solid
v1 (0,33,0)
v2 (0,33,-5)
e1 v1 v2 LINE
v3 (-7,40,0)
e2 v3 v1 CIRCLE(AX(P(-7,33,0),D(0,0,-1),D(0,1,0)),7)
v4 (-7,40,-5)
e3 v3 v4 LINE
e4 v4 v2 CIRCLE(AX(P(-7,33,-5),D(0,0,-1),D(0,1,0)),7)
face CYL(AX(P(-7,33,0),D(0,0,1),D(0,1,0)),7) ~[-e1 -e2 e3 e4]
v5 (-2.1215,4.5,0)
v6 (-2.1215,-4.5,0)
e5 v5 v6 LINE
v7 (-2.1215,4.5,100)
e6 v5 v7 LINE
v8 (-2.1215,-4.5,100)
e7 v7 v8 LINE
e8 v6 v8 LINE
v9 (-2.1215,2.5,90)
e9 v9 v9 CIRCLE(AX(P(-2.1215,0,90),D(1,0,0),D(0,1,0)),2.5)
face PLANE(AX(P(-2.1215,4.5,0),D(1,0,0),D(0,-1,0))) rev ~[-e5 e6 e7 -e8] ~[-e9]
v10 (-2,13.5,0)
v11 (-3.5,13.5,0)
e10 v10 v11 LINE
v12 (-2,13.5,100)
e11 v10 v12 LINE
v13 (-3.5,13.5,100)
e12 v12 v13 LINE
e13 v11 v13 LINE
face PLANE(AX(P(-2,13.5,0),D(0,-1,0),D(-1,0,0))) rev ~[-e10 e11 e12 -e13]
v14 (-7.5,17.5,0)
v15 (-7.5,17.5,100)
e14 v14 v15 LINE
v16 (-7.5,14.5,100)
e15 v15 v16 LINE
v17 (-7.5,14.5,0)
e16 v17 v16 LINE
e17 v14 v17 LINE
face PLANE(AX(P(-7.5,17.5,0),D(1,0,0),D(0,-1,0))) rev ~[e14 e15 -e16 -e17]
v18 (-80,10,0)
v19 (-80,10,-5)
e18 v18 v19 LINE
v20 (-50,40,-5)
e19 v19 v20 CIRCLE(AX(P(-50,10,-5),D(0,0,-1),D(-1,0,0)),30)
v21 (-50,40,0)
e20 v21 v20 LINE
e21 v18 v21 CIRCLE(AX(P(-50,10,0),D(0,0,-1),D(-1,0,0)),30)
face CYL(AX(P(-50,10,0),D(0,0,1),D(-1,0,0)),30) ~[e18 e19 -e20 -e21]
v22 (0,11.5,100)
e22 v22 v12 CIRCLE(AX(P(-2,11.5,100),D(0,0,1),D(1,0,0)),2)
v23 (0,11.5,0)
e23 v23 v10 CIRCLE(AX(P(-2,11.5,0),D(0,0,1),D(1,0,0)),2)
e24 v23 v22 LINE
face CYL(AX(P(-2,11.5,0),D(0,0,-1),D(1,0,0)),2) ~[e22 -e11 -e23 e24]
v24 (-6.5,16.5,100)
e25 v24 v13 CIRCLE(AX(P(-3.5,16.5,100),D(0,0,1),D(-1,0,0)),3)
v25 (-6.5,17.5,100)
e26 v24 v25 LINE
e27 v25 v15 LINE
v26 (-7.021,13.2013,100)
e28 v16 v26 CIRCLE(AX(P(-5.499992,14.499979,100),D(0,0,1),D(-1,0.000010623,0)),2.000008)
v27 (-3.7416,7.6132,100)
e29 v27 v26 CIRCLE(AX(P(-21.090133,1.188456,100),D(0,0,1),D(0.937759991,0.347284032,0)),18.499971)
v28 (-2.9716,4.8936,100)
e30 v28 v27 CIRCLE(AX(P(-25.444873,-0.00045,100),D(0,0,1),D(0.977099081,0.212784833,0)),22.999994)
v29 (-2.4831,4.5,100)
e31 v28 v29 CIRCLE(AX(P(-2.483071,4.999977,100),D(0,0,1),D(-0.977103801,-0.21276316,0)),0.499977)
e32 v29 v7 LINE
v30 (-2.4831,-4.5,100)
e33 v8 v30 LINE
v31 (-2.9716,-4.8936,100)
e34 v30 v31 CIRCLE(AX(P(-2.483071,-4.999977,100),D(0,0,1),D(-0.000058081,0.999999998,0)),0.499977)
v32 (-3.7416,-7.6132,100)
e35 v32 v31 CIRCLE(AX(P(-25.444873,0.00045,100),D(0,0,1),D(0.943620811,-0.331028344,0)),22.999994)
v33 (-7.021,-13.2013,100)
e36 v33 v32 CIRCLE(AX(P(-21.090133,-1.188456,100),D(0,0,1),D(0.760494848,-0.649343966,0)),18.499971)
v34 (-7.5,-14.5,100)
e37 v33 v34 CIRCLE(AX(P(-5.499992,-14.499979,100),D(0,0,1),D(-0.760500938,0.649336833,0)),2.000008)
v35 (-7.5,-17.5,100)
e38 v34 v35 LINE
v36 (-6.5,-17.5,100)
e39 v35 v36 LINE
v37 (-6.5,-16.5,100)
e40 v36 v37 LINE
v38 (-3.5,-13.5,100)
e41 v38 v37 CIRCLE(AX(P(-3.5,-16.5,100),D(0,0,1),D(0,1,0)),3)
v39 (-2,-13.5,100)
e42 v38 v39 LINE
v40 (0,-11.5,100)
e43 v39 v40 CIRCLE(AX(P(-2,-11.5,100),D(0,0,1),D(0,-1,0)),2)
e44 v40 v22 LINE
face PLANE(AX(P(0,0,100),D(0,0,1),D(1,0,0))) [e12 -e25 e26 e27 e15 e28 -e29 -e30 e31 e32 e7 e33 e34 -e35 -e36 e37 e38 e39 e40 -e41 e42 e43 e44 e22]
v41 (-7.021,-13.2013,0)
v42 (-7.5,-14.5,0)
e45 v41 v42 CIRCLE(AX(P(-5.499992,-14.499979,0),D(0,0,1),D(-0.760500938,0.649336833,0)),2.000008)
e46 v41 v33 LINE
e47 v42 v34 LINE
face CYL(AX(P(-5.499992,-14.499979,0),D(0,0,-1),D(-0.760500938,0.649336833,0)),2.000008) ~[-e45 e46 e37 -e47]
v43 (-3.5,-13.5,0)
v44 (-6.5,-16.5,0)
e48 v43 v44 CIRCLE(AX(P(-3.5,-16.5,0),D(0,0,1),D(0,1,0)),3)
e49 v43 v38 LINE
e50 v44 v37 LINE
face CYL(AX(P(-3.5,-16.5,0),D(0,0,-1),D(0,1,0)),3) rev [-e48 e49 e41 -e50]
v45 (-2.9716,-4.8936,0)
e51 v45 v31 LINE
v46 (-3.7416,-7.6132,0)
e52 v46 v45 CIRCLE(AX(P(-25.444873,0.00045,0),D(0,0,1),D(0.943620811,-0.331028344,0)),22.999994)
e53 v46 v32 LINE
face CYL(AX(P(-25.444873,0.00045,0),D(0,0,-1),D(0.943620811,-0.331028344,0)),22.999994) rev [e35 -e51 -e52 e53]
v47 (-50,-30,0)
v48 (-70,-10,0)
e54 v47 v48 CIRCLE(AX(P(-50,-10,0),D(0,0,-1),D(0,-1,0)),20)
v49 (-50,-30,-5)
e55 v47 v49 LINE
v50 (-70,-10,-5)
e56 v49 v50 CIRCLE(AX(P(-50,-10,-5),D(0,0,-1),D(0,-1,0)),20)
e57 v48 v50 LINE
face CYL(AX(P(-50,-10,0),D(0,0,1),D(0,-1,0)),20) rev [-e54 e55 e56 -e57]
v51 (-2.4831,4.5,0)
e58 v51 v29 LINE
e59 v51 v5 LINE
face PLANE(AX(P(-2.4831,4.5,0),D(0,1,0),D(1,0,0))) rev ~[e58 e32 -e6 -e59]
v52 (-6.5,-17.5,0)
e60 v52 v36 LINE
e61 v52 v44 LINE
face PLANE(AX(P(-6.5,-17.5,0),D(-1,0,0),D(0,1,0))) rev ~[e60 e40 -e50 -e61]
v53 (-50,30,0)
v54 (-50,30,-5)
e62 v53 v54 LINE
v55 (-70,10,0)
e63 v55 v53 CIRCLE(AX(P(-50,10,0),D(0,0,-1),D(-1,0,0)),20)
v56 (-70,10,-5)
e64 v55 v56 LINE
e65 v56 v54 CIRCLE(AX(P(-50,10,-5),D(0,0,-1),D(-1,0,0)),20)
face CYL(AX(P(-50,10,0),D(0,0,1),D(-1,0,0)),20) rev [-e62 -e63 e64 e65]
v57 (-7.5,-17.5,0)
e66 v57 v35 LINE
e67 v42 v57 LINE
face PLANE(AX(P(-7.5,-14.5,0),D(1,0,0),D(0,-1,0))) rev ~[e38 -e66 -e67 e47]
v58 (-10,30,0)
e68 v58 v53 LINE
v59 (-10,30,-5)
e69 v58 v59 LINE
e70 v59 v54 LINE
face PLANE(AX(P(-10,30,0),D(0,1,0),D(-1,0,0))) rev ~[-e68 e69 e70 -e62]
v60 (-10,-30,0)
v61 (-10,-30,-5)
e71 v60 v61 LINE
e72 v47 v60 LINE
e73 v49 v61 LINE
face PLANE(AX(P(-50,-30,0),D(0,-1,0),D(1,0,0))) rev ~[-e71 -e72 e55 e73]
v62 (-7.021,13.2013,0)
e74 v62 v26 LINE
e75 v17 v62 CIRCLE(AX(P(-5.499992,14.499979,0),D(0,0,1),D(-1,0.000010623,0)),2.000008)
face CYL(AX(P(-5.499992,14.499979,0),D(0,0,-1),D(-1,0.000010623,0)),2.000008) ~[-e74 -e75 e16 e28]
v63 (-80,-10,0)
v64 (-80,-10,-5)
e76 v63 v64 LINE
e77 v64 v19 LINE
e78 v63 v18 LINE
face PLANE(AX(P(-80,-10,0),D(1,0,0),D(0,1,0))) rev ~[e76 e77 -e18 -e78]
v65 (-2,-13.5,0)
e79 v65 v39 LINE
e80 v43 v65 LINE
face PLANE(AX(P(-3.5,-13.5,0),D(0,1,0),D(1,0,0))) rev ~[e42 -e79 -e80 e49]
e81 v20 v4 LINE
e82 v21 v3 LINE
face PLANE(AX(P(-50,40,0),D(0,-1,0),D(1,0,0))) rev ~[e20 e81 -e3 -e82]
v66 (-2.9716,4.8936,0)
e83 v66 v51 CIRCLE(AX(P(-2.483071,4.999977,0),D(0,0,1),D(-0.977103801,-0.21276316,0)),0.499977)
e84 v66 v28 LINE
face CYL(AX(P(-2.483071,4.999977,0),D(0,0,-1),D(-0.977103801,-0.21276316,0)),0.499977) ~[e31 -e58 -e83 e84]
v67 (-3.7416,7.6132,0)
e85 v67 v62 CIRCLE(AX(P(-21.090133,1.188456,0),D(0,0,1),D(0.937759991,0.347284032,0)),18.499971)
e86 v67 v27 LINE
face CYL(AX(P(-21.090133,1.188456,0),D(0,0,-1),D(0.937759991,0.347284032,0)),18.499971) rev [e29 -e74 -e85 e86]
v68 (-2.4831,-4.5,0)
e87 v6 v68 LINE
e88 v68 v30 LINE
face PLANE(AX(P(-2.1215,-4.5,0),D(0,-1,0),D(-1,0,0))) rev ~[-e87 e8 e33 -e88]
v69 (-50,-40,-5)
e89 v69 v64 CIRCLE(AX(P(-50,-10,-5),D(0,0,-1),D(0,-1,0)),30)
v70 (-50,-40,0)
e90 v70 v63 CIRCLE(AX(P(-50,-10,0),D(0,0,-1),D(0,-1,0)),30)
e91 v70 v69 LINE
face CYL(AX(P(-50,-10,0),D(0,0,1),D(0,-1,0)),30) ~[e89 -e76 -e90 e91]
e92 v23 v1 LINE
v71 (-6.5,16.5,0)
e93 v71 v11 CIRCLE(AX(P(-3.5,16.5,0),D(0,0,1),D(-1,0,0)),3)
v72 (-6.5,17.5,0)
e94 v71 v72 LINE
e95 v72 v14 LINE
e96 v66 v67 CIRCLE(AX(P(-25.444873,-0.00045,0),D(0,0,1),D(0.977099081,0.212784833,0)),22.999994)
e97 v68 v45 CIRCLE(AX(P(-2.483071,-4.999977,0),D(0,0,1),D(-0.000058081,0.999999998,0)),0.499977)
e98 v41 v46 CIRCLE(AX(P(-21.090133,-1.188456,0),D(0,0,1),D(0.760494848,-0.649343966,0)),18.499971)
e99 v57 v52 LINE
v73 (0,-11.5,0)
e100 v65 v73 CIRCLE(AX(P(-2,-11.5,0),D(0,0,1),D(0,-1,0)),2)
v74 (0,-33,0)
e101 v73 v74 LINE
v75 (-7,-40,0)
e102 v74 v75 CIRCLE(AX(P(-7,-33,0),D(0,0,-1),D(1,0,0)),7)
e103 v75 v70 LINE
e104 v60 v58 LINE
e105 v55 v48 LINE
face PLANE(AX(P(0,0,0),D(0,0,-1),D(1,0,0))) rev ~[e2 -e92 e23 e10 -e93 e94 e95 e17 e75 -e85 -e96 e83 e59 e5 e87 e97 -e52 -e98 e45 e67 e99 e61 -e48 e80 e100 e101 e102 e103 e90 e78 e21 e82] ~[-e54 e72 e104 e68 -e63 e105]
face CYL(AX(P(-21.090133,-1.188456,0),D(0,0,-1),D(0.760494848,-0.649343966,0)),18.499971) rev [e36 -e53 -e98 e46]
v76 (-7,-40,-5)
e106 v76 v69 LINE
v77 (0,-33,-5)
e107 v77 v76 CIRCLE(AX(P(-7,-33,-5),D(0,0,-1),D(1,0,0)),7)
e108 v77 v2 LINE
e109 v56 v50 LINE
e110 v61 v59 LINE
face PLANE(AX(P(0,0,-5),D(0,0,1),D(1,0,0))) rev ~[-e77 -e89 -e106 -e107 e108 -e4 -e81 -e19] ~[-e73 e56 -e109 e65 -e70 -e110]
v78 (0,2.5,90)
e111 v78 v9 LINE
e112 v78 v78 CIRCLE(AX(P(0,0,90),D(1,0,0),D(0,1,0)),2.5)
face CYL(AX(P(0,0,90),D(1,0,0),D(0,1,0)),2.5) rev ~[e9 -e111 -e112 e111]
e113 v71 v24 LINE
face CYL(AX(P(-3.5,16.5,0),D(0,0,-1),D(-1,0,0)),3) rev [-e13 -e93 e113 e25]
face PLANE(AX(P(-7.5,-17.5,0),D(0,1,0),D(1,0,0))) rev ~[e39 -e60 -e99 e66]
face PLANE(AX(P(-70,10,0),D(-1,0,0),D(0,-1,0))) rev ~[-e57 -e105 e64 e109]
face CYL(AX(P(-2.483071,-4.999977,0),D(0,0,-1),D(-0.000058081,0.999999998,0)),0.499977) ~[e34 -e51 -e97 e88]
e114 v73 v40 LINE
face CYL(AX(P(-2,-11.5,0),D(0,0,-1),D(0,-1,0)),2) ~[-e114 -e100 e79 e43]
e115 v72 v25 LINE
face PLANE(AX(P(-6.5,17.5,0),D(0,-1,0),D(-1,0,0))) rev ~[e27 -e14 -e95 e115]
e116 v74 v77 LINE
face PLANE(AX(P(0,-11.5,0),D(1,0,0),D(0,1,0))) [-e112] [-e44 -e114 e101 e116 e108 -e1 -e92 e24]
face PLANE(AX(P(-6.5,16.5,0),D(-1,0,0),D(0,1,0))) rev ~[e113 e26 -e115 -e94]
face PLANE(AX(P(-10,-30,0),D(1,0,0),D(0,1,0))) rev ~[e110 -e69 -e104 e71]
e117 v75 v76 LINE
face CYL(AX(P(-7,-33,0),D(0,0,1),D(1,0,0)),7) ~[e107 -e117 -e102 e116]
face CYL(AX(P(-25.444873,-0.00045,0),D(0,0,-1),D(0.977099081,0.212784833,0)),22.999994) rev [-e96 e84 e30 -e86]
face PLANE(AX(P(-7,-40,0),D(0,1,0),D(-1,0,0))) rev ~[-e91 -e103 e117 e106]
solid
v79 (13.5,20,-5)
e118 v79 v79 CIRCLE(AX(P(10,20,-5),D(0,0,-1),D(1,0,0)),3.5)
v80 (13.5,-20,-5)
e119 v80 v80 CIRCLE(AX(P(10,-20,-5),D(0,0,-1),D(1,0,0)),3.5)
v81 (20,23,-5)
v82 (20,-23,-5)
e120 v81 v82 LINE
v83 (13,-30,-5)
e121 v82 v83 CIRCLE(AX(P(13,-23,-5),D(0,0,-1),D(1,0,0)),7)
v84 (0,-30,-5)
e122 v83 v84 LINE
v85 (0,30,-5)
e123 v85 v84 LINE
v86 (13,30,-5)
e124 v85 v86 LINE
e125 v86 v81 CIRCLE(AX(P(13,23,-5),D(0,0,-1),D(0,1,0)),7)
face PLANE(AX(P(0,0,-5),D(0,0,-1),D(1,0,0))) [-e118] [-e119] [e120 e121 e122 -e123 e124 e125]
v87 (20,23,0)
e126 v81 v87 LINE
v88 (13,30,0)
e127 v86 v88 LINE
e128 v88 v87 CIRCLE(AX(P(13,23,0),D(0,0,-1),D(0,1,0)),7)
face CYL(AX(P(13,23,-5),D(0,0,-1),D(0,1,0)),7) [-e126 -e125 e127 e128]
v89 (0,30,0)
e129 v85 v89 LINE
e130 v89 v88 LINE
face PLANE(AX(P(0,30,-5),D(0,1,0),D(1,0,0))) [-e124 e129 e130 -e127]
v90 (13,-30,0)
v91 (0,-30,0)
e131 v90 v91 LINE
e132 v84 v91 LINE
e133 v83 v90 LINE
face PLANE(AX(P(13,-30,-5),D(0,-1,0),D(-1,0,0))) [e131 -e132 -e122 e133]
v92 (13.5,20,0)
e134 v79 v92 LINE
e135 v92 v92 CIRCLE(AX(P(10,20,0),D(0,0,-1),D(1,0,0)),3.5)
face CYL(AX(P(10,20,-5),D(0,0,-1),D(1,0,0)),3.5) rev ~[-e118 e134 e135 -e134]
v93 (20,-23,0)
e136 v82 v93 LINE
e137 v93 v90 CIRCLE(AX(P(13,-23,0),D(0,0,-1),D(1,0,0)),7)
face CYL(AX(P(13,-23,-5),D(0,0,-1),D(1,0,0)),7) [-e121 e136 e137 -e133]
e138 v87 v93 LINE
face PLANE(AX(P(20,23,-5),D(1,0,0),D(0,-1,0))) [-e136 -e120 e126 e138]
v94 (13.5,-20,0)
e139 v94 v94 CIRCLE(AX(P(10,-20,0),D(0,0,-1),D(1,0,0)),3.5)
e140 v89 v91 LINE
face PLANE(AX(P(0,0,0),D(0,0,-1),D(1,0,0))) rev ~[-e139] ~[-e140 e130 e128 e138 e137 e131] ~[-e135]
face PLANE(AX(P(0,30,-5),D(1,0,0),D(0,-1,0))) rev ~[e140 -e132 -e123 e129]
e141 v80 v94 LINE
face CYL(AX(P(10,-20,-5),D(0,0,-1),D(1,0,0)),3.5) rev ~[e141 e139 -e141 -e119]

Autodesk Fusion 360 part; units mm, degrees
sketch "Sketch1" plane through (0, 0, 0) normal (0, 0, 1) x (1, 0, 0)
  line L0 (0, -11.5) -> (0, 11.5)
  line L1 (-6.5, 17.5) -> (-7.5, 17.5)
  arc A0 (-2.9716, 4.8936) -> (-2.4831, 4.5) centre (-2.4831, 5) ccw
  arc A1 (-7.5, 14.5) -> (-7.021, 13.2013) centre (-5.5, 14.5) ccw
  line L2 (-7.5, -14.5) -> (-7.5, -17.5)
  arc A2 (-6.5, 16.5) -> (-3.5, 13.5) centre (-3.5, 16.5) ccw
  arc A3 (-3.7416, -7.6132) -> (-3.6837, -7.4547) centre (-21.0901, -1.1884) ccw
  arc A4 (-3.7416, 7.6132) -> (-3.8046, 7.7905) centre (-25.445, 0) ccw
  line L3 (-3.6837, -7.4547) -> (-3.8046, -7.7905)
  arc A5 (-3.7416, 7.6132) -> (-7.021, 13.2013) centre (-21.0901, 1.1884) ccw
  arc A6 (-3.7416, -7.6132) -> (-2.9716, -4.8936) centre (-25.445, 0) ccw
  arc A7 (-2, -13.5) -> (0, -11.5) centre (-2, -11.5) ccw
  line L4 (-7.5, -17.5) -> (-6.5, -17.5)
  line L5 (-2.1215, -4.5) -> (-2.4831, -4.5)
  arc A8 (0, 11.5) -> (-2, 13.5) centre (-2, 11.5) ccw
  arc A9 (-3.5, -13.5) -> (-6.5, -16.5) centre (-3.5, -16.5) ccw
  line L6 (-3.5, -13.5) -> (-2, -13.5)
  line L7 (-2, 13.5) -> (-3.5, 13.5)
  line L8 (-7.5, 17.5) -> (-7.5, 14.5)
  line L9 (-6.5, -17.5) -> (-6.5, -16.5)
  line L10 (-2.4831, 4.5) -> (-2.1215, 4.5)
  arc A10 (-7.021, -13.2013) -> (-3.7416, -7.6132) centre (-21.0901, -1.1884) ccw
  arc A11 (-7.021, -13.2013) -> (-7.5, -14.5) centre (-5.5, -14.5) ccw
  line L11 (-3.8046, 7.7905) -> (-3.6837, 7.4547)
  line L12 (-6.5, 16.5) -> (-6.5, 17.5)
  arc A12 (-3.8046, -7.7905) -> (-3.7416, -7.6132) centre (-25.445, 0) ccw
  arc A13 (-3.6837, 7.4547) -> (-3.7416, 7.6132) centre (-21.0901, 1.1884) ccw
  line L13 (-2.1215, 4.5) -> (-2.1215, -4.5)
  arc A14 (-2.9716, 4.8936) -> (-3.7416, 7.6132) centre (-25.445, 0) ccw
  arc A15 (-2.4831, -4.5) -> (-2.9716, -4.8936) centre (-2.4831, -5) ccw
extrude "Extrude1" add sketch "Sketch1" along normal blind 100 makes body 1
sketch "Sketch3" plane through (0, 0, 0) normal (0, 0, -1) x (1, 0, 0)
  line L0 (-6.5, -17.5) -> (-6.5, -16.5)
  arc A0 (-3.5, -13.5) -> (-6.5, -16.5) centre (-3.5, -16.5) ccw
  line L1 (-3.5, -13.5) -> (-2, -13.5)
  arc A1 (-2, -13.5) -> (0, -11.5) centre (-2, -11.5) ccw
  line L2 (0, -11.5) -> (0, 11.5)
  arc A2 (0, 11.5) -> (-2, 13.5) centre (-2, 11.5) ccw
  line L3 (-2, 13.5) -> (-3.5, 13.5)
  arc A3 (-6.5, 16.5) -> (-3.5, 13.5) centre (-3.5, 16.5) ccw
  line L4 (-6.5, 16.5) -> (-6.5, 17.5)
  line L5 (-6.5, 17.5) -> (-7.5, 17.5)
  line L6 (-7.5, 17.5) -> (-7.5, 14.5)
  arc A4 (-7.5, 14.5) -> (-7.021, 13.2013) centre (-5.5, 14.5) ccw
  arc A5 (-3.7416, 7.6132) -> (-7.021, 13.2013) centre (-21.0901, 1.1884) ccw
  arc A6 (-3.7416, 7.6132) -> (-3.8046, 7.7905) centre (-25.445, 0) ccw
  line L7 (-3.8046, 7.7905) -> (-3.6837, 7.4547)
  arc A7 (-3.6837, 7.4547) -> (-3.7416, 7.6132) centre (-21.0901, 1.1884) ccw
  arc A8 (-2.9716, 4.8936) -> (-3.7416, 7.6132) centre (-25.445, 0) ccw
  arc A9 (-2.9716, 4.8936) -> (-2.4831, 4.5) centre (-2.4831, 5) ccw
  line L8 (-2.4831, 4.5) -> (-2.1215, 4.5)
  line L9 (-2.1215, 4.5) -> (-2.1215, -4.5)
  line L10 (-2.1215, -4.5) -> (-2.4831, -4.5)
  arc A10 (-2.4831, -4.5) -> (-2.9716, -4.8936) centre (-2.4831, -5) ccw
  arc A11 (-3.7416, -7.6132) -> (-2.9716, -4.8936) centre (-25.445, 0) ccw
  arc A12 (-3.7416, -7.6132) -> (-3.6837, -7.4547) centre (-21.0901, -1.1884) ccw
  line L11 (-3.6837, -7.4547) -> (-3.8046, -7.7905)
  arc A13 (-3.8046, -7.7905) -> (-3.7416, -7.6132) centre (-25.445, 0) ccw
  arc A14 (-7.021, -13.2013) -> (-3.7416, -7.6132) centre (-21.0901, -1.1884) ccw
  arc A15 (-7.021, -13.2013) -> (-7.5, -14.5) centre (-5.5, -14.5) ccw
  line L12 (-7.5, -14.5) -> (-7.5, -17.5)
  line L13 (-7.5, -17.5) -> (-6.5, -17.5)
  line L14 (-7, 40) -> (-50, 40)
  line L15 (-80, 10) -> (-80, -10)
  line L16 (-50, -40) -> (-7, -40)
  line L17 (0, -33) -> (0, 33)
  line L18 (0, 25.5) -> (0, -25.5)
  line L19 (-10, -30) -> (-50, -30)
  line L20 (-70, -10) -> (-70, 10)
  line L21 (-50, 30) -> (-10, 30)
  line L22 (-10, 30) -> (-10, -30)
  arc A16 (-70, -10) -> (-50, -30) centre (-50, -10) ccw
  arc A17 (-50, 30) -> (-70, 10) centre (-50, 10) ccw
  arc A18 (-80, -10) -> (-50, -40) centre (-50, -10) ccw
  arc A19 (-50, 40) -> (-80, 10) centre (-50, 10) ccw
  arc A20 (-7, -40) -> (0, -33) centre (-7, -33) ccw
  arc A21 (0, 33) -> (-7, 40) centre (-7, 33) ccw
  point P0 (0, 40)
  point P1 (-80, 40)
  point P2 (0, -40)
  point P3 (-70, -30)
  dimension "d14" = 80
  dimension "d15" = 80
  dimension "d16" = 60
  dimension "d17" = 60
  dimension "d18" = 10
  dimension "d19" = 10
  dimension "d20" = 20
  dimension "d21" = 30
  dimension "d22" = 7
extrude "Extrude3" add sketch "Sketch3" along normal blind 5 contours L0 A0 L1 A1 A2 L3 A3 L4 L5 L6 A4 A5 A8 A9 L8 L9 L10 A10 A11 A14 A15 L12 L13 L14 L15 L16 L17 L18 A18 A19 A20 A21 bodies 1
extrude "Extrude4" add 1 faces at (-0.7072, 1.5, 0) along direction (0, 0, -1) blind 5 on bodies 1 bodies 1
sketch "Sketch4" plane through (0, 0, 0) normal (1, 0, 0) x (0, 1, 0)
  line L0 (-11.5, 0) -> (-33, 0)
  line L1 (11.5, 0) -> (11.5, 100)
  line L2 (11.5, 100) -> (-11.5, 100)
  line L3 (-11.5, 100) -> (-11.5, 0)
  circle A0 centre (0, 90) radius 2.5
  line L4 (-33, 0) -> (-33, -5)
  line L5 (-33, -5) -> (33, -5)
  line L6 (33, -5) -> (33, 0)
  line L7 (33, 0) -> (11.5, 0)
  dimension "d27" = 5
  dimension "d28" = 10
extrude "Extrude5" cut sketch "Sketch4" against normal blind 5 contours A0 bodies 1
sketch "Sketch5" plane through (0, 0, -5) normal (0, 0, -1) x (1, 0, 0)
  arc A0 (-3.7416, 7.6132) -> (-3.8046, 7.7905) centre (-25.445, 0) ccw
  line L0 (-3.8046, 7.7905) -> (-3.6837, 7.4547)
  arc A1 (-3.6837, 7.4547) -> (-3.7416, 7.6132) centre (-21.0901, 1.1884) ccw
  line L1 (0, -33) -> (0, 33)
  arc A2 (0, 33) -> (-7, 40) centre (-7, 33) ccw
  line L2 (-7, 40) -> (-50, 40)
  arc A3 (-50, 40) -> (-80, 10) centre (-50, 10) ccw
  line L3 (-80, 10) -> (-80, -10)
  arc A4 (-80, -10) -> (-50, -40) centre (-50, -10) ccw
  line L4 (-50, -40) -> (-7, -40)
  arc A5 (-7, -40) -> (0, -33) centre (-7, -33) ccw
  line L5 (-50, 30) -> (-10, 30)
  line L6 (-10, 30) -> (-10, -30)
  line L7 (-10, -30) -> (-50, -30)
  arc A6 (-70, -10) -> (-50, -30) centre (-50, -10) ccw
  line L8 (-70, -10) -> (-70, 10)
  arc A7 (-50, 30) -> (-70, 10) centre (-50, 10) ccw
  arc A8 (-3.7416, -7.6132) -> (-3.6837, -7.4547) centre (-21.0901, -1.1884) ccw
  line L9 (-3.6837, -7.4547) -> (-3.8046, -7.7905)
  arc A9 (-3.8046, -7.7905) -> (-3.7416, -7.6132) centre (-25.445, 0) ccw
  line L10 (0, -30) -> (13, -30)
  line L11 (20, -23) -> (20, 23)
  line L12 (13, 30) -> (0, 30)
  line L13 (0, 30) -> (0, -30)
  circle A10 centre (10, -20) radius 3.5
  circle A11 centre (10, 20) radius 3.5
  arc A12 (13, -30) -> (20, -23) centre (13, -23) ccw
  arc A13 (20, 23) -> (13, 30) centre (13, 23) ccw
  point P0 (20, -30)
  dimension "d31" = 20
  dimension "d32" = 60
  dimension "d33" = 10
  dimension "d34" = 7
  dimension "d35" = 7
  dimension "d36" = 40
  dimension "d37" = 10
  dimension "d38" = 10
  dimension "d39" = 7
extrude "Extrude6" add sketch "Sketch5" against normal blind 5 separate body contours L1 L10 L11 L12 L13 A12 A13 makes body 2
